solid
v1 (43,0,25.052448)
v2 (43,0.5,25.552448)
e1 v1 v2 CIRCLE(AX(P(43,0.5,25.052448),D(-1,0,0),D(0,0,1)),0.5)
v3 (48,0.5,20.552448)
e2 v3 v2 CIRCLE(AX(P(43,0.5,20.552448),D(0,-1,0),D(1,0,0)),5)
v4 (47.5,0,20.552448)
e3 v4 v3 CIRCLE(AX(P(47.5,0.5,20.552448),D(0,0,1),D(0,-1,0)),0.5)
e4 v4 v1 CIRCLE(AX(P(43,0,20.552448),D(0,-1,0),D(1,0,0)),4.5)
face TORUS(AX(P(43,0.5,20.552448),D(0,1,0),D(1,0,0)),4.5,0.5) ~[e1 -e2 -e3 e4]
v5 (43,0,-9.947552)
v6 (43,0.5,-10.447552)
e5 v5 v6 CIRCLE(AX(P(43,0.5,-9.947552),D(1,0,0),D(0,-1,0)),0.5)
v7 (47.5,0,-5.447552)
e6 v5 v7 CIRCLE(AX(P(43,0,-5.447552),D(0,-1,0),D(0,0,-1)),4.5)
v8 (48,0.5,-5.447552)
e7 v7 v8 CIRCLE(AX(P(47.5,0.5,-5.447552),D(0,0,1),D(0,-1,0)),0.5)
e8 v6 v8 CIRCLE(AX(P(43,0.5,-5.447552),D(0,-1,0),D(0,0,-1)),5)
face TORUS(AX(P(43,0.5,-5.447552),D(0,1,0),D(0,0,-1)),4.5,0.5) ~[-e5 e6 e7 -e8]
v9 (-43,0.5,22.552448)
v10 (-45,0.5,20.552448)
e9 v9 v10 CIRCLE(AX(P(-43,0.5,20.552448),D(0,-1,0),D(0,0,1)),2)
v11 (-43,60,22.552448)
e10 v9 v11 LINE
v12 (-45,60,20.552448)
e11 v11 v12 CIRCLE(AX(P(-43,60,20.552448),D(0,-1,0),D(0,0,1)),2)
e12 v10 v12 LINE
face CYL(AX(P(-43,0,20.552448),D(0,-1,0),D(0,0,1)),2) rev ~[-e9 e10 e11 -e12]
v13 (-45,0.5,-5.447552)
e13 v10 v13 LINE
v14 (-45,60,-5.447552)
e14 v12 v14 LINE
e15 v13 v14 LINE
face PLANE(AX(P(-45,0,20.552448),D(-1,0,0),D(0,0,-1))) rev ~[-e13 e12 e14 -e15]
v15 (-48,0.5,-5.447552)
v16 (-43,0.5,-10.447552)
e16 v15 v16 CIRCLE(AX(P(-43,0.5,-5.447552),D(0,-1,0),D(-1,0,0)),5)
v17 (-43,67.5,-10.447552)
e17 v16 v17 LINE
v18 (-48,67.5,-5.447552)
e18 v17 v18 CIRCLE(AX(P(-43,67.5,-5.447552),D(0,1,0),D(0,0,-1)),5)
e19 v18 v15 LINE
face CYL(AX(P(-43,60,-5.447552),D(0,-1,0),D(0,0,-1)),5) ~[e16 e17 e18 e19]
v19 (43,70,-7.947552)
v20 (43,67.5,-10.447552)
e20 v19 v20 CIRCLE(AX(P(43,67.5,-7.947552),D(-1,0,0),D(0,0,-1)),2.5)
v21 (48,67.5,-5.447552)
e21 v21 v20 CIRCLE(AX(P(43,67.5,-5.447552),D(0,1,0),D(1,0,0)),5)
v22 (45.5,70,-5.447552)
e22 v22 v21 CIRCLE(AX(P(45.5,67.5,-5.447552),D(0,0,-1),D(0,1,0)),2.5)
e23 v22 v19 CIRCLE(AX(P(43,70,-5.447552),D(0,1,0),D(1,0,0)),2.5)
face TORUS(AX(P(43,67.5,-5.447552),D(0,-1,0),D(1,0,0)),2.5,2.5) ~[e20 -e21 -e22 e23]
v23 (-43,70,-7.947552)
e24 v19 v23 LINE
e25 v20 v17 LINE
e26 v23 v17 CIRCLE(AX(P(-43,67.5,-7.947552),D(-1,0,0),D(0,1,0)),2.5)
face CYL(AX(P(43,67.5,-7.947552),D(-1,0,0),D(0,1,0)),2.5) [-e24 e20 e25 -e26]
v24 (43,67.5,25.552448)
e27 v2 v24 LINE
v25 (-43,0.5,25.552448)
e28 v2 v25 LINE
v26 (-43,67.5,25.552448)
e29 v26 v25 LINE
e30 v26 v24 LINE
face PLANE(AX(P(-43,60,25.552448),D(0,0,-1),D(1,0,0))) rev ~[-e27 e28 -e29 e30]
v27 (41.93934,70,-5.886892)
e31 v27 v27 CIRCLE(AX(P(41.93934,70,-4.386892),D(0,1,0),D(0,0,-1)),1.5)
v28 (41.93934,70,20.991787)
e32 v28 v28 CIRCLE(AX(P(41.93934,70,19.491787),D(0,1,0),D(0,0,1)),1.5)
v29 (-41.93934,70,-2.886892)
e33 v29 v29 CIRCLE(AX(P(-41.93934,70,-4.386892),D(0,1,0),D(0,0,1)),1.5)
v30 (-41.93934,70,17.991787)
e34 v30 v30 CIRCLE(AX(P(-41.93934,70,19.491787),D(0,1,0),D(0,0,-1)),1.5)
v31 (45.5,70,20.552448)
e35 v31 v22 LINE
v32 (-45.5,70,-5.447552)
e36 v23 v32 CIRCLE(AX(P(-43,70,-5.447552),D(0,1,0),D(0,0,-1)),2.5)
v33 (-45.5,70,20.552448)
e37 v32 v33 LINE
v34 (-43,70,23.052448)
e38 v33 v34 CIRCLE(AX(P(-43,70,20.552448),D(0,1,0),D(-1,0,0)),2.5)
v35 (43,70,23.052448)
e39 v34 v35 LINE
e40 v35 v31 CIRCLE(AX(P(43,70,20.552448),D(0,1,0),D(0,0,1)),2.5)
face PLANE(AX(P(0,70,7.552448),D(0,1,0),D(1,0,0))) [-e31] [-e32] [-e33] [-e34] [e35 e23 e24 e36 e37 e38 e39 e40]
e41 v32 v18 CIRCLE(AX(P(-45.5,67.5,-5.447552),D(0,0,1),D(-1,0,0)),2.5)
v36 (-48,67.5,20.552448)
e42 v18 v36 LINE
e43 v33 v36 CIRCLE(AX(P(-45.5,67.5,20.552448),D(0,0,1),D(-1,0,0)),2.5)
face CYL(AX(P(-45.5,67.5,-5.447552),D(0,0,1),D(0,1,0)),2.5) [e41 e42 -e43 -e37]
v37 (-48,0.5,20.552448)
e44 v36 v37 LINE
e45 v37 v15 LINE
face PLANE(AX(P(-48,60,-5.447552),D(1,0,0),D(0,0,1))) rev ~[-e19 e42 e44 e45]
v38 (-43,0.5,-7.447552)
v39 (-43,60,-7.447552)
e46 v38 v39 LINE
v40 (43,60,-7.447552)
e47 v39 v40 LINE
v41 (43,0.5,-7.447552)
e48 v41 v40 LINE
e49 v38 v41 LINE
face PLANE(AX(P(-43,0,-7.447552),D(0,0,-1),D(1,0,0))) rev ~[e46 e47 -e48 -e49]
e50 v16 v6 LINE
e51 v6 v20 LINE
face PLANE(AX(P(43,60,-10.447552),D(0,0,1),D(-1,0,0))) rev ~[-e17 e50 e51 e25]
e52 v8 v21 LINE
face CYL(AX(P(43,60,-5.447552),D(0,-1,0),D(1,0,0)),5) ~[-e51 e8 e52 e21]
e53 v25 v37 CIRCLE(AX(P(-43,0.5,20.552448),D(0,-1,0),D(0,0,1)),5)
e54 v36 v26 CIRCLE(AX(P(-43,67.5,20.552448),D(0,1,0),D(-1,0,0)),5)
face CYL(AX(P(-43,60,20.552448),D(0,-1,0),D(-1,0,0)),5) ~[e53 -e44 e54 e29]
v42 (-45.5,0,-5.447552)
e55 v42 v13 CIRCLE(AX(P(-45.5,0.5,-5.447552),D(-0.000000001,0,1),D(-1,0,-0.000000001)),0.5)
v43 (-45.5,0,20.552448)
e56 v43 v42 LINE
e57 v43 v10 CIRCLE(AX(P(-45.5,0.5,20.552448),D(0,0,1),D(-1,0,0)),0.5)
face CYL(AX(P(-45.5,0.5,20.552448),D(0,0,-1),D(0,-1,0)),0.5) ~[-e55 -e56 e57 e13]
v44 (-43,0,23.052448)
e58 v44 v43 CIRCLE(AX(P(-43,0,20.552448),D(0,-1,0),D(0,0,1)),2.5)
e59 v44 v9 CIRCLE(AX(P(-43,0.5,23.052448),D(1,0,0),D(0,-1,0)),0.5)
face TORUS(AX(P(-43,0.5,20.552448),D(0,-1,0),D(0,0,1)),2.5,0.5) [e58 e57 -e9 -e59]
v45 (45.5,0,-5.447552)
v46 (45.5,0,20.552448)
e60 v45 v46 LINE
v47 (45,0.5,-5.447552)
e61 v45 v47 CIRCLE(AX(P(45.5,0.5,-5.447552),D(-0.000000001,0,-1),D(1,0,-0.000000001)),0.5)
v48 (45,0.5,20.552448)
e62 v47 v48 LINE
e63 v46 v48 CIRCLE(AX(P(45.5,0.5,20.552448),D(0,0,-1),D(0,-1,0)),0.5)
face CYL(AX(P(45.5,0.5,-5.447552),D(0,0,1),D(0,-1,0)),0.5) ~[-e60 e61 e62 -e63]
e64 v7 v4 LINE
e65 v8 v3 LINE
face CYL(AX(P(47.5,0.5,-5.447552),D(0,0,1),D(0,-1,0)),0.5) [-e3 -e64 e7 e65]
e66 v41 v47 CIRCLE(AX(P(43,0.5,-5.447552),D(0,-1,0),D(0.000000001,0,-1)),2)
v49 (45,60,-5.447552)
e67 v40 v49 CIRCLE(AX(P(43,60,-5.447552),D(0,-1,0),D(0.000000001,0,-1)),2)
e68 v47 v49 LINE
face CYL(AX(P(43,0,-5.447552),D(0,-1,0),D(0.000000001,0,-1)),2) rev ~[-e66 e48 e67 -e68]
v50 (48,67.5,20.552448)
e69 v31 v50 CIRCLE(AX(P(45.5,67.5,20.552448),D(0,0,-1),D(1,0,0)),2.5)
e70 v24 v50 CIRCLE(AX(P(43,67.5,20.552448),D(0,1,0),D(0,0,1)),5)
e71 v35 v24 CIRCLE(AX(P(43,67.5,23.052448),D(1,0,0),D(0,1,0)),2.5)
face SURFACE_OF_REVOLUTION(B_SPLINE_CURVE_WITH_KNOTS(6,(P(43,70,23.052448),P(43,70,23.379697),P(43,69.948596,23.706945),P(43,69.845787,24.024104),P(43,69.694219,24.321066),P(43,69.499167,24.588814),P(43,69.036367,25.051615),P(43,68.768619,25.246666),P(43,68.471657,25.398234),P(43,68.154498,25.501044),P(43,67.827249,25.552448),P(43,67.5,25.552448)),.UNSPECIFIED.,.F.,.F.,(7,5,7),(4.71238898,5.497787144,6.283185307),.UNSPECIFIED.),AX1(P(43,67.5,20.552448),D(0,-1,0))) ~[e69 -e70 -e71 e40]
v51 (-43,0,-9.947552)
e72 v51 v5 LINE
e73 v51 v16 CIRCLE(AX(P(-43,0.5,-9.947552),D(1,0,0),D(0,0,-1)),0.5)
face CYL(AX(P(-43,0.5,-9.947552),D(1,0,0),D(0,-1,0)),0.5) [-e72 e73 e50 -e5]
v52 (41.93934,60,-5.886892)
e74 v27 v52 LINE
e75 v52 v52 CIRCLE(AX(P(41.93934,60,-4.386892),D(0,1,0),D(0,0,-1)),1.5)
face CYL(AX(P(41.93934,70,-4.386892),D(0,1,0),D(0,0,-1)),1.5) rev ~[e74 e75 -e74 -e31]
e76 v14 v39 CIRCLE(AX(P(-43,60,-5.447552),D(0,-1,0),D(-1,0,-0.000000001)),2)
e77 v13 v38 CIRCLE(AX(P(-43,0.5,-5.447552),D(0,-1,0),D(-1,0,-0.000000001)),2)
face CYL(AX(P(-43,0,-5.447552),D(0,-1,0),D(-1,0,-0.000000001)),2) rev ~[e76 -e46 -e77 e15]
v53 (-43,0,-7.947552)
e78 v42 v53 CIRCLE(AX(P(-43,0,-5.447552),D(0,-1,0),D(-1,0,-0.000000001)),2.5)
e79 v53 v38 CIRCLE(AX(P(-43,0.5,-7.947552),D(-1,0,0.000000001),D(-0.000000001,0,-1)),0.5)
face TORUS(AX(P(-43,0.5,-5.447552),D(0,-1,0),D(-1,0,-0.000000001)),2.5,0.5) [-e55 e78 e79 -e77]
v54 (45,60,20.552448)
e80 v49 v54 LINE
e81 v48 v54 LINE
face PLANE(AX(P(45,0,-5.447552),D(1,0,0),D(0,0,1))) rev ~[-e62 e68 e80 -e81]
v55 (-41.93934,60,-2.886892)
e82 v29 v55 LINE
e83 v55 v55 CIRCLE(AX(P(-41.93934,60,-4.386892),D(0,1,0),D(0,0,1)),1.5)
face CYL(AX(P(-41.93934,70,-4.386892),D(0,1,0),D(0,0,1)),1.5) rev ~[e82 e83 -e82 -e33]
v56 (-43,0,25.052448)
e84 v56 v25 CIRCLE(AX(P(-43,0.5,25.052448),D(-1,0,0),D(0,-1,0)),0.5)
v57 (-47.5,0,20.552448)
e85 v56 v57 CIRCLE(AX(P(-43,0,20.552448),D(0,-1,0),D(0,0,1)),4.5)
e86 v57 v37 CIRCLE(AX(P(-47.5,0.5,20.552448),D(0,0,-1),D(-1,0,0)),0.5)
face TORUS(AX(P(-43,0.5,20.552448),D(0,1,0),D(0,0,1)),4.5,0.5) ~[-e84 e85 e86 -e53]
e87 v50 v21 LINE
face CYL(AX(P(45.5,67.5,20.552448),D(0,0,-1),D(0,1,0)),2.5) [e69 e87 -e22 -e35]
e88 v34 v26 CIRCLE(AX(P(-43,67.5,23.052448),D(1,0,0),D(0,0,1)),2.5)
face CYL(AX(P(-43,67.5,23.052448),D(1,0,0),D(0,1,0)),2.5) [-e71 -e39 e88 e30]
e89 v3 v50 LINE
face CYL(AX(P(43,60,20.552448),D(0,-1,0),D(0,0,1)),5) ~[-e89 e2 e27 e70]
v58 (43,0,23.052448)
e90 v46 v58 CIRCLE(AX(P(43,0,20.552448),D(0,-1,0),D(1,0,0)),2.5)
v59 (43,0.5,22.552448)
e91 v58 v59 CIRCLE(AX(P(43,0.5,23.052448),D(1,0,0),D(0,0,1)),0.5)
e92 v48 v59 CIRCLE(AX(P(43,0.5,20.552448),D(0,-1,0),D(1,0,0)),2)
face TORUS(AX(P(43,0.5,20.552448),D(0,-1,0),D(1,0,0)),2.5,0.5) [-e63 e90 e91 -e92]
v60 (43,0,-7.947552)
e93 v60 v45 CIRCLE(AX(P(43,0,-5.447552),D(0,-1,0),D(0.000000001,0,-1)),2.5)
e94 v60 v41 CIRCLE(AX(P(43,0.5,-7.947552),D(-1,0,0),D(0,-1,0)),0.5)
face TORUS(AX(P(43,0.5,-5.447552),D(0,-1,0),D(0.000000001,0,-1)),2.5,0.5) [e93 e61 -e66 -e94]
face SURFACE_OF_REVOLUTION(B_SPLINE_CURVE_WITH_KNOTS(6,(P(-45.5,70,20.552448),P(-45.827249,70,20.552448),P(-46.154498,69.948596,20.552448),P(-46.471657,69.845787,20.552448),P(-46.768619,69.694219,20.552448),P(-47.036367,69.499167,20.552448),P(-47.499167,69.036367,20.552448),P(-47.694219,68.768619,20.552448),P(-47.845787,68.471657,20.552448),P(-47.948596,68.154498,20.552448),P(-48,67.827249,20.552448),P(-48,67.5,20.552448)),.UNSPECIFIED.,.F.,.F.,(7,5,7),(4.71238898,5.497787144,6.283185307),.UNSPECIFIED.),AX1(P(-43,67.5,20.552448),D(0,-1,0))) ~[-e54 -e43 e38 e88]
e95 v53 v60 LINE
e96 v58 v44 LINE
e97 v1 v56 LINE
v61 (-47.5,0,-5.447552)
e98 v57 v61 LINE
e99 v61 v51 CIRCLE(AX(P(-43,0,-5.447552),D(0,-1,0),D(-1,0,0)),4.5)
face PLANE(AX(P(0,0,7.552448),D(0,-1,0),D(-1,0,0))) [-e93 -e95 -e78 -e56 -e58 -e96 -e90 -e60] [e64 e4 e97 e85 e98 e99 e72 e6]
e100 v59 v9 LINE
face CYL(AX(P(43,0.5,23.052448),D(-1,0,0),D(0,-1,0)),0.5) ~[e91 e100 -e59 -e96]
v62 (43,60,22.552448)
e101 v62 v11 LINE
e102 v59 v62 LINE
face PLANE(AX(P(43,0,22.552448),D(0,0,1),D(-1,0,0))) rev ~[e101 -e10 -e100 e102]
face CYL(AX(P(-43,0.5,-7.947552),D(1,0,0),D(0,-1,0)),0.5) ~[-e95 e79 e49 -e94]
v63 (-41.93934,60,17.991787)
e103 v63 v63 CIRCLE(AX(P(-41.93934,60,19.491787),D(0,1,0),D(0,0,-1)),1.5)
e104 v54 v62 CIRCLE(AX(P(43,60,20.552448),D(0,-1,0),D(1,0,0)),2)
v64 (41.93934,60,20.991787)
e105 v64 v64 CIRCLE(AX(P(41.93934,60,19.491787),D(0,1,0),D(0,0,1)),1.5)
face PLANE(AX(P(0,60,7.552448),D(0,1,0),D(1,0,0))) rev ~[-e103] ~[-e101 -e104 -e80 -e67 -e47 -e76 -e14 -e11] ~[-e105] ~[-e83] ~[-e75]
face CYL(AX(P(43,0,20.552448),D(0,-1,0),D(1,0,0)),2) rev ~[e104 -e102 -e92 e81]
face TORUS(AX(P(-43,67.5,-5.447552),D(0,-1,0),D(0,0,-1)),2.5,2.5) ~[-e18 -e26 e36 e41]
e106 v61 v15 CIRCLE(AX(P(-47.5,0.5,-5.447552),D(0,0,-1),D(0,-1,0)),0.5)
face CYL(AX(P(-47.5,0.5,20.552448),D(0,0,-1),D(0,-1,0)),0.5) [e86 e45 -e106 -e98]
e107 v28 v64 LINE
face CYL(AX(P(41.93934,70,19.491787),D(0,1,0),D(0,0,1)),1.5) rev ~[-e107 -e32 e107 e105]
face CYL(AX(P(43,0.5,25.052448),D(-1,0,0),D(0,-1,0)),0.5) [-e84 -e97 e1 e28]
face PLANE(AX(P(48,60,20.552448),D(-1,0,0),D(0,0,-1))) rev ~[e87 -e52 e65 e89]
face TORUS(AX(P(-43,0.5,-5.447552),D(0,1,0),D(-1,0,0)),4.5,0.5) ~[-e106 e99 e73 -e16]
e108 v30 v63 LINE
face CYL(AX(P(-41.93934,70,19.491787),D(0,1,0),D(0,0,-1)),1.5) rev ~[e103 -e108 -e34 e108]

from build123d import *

# Parameters (mm, degrees)
BOSS_EXTRUDE1_DEPTH = 60
BOSS_EXTRUDE2_DEPTH = 10
FILLET1_R           = 2.5
FILLET2_R           = 0.5
SKETCH7_R           = 1.5
CUT_EXTRUDE1_DEPTH  = 10


with BuildPart() as part:
    # Sketch1 → Boss-Extrude1 (new body)
    with BuildSketch(Plane(origin=(0, 0, 0), x_dir=(1, 0, 0), z_dir=(0, 1, 0))):
        with BuildLine():
            Line((-43, 10.447552448), (43, 10.447552448))
            ThreePointArc((43, 10.447552448), (46.535533906, 8.983086353), (48, 5.447552448))
            Line((48, 5.447552448), (48, -20.552447552))
            ThreePointArc((48, -20.552447552), (46.535533906, -24.087981458), (43, -25.552447552))
            Line((43, -25.552447552), (-43, -25.552447552))
            ThreePointArc((-43, -25.552447552), (-46.535533906, -24.087981458), (-48, -20.552447552))
            Line((-48, -20.552447552), (-48, 5.447552448))
            ThreePointArc((-48, 5.447552448), (-46.535533906, 8.983086353), (-43, 10.447552448))
        make_face()
        with BuildLine():
            Line((-43, 7.447552448), (43, 7.447552448))
            ThreePointArc((43, 7.447552448), (44.414213562, 6.86176601), (45, 5.447552448))
            Line((45, 5.447552448), (45, -20.552447552))
            ThreePointArc((45, -20.552447552), (44.414213562, -21.966661115), (43, -22.552447552))
            Line((43, -22.552447552), (-43, -22.552447552))
            ThreePointArc((-43, -22.552447552), (-44.414213562, -21.966661115), (-45, -20.552447552))
            Line((-45, -20.552447552), (-45, 5.447552448))
            ThreePointArc((-45, 5.447552448), (-44.414213562, 6.86176601), (-43, 7.447552448))
        make_face(mode=Mode.SUBTRACT)
    extrude(amount=BOSS_EXTRUDE1_DEPTH)

    # Sketch2 → Boss-Extrude2 (add)
    with BuildSketch(Plane(origin=(0, 60, 0), x_dir=(1, 0, 0), z_dir=(0, 1, 0))):
        with BuildLine():
            Line((-43, -25.552447552), (43, -25.552447552))
            ThreePointArc((43, -25.552447552), (46.535533906, -24.087981458), (48, -20.552447552))
            Line((48, -20.552447552), (48, 5.447552448))
            ThreePointArc((48, 5.447552448), (46.535533906, 8.983086353), (43, 10.447552448))
            Line((43, 10.447552448), (-43, 10.447552448))
            ThreePointArc((-43, 10.447552448), (-46.535533906, 8.983086353), (-48, 5.447552448))
            Line((-48, 5.447552448), (-48, -20.552447552))
            ThreePointArc((-48, -20.552447552), (-46.535533906, -24.087981458), (-43, -25.552447552))
        make_face()
    extrude(amount=BOSS_EXTRUDE2_DEPTH)

    # Fillet1
    fillet1_edges = [part.edges().sort_by_distance(p)[0] for p in [
        (46.535533906, 70, 24.087981458),
        (48, 70, 7.552447552),
        (46.535533906, 70, -8.983086353),
        (-46.535533906, 70, -8.983086353),
        (0, 70, -10.447552448),
        (-48, 70, 7.552447552),
        (-46.535533906, 70, 24.087981458),
        (0, 70, 25.552447552),
    ]]
    fillet(fillet1_edges, radius=FILLET1_R)

    # Fillet2
    fillet2_edges = [part.edges().sort_by_distance(p)[0] for p in [
        (0, 0, -7.447552448),
        (44.414213562, 0, -6.86176601),
        (45, 0, 7.552447552),
        (44.414213562, 0, 21.966661115),
        (0, 0, 22.552447552),
        (-44.414213562, 0, 21.966661115),
        (-45, 0, 7.552447552),
        (-44.414213562, 0, -6.86176601),
        (0, 0, 25.552447552),
        (46.535533906, 0, 24.087981458),
        (48, 0, 7.552447552),
        (46.535533906, 0, -8.983086353),
        (0, 0, -10.447552448),
        (-46.535533906, 0, -8.983086353),
        (-48, 0, 7.552447552),
        (-46.535533906, 0, 24.087981458),
    ]]
    fillet(fillet2_edges, radius=FILLET2_R)

    # Sketch7 → Cut-Extrude1 (cut)
    with BuildSketch(Plane(origin=(0, 70, 0), x_dir=(1, 0, 0), z_dir=(0, 1, 0))):
        with Locations((-41.939339828, 4.386892276)):
            Circle(SKETCH7_R)
        with Locations((-41.939339828, -19.491787381)):
            Circle(SKETCH7_R)
        with Locations((41.939339828, -19.491787381)):
            Circle(SKETCH7_R)
        with Locations((41.939339828, 4.386892276)):
            Circle(SKETCH7_R)
    extrude(amount=-CUT_EXTRUDE1_DEPTH, mode=Mode.SUBTRACT)


solid = part.part
